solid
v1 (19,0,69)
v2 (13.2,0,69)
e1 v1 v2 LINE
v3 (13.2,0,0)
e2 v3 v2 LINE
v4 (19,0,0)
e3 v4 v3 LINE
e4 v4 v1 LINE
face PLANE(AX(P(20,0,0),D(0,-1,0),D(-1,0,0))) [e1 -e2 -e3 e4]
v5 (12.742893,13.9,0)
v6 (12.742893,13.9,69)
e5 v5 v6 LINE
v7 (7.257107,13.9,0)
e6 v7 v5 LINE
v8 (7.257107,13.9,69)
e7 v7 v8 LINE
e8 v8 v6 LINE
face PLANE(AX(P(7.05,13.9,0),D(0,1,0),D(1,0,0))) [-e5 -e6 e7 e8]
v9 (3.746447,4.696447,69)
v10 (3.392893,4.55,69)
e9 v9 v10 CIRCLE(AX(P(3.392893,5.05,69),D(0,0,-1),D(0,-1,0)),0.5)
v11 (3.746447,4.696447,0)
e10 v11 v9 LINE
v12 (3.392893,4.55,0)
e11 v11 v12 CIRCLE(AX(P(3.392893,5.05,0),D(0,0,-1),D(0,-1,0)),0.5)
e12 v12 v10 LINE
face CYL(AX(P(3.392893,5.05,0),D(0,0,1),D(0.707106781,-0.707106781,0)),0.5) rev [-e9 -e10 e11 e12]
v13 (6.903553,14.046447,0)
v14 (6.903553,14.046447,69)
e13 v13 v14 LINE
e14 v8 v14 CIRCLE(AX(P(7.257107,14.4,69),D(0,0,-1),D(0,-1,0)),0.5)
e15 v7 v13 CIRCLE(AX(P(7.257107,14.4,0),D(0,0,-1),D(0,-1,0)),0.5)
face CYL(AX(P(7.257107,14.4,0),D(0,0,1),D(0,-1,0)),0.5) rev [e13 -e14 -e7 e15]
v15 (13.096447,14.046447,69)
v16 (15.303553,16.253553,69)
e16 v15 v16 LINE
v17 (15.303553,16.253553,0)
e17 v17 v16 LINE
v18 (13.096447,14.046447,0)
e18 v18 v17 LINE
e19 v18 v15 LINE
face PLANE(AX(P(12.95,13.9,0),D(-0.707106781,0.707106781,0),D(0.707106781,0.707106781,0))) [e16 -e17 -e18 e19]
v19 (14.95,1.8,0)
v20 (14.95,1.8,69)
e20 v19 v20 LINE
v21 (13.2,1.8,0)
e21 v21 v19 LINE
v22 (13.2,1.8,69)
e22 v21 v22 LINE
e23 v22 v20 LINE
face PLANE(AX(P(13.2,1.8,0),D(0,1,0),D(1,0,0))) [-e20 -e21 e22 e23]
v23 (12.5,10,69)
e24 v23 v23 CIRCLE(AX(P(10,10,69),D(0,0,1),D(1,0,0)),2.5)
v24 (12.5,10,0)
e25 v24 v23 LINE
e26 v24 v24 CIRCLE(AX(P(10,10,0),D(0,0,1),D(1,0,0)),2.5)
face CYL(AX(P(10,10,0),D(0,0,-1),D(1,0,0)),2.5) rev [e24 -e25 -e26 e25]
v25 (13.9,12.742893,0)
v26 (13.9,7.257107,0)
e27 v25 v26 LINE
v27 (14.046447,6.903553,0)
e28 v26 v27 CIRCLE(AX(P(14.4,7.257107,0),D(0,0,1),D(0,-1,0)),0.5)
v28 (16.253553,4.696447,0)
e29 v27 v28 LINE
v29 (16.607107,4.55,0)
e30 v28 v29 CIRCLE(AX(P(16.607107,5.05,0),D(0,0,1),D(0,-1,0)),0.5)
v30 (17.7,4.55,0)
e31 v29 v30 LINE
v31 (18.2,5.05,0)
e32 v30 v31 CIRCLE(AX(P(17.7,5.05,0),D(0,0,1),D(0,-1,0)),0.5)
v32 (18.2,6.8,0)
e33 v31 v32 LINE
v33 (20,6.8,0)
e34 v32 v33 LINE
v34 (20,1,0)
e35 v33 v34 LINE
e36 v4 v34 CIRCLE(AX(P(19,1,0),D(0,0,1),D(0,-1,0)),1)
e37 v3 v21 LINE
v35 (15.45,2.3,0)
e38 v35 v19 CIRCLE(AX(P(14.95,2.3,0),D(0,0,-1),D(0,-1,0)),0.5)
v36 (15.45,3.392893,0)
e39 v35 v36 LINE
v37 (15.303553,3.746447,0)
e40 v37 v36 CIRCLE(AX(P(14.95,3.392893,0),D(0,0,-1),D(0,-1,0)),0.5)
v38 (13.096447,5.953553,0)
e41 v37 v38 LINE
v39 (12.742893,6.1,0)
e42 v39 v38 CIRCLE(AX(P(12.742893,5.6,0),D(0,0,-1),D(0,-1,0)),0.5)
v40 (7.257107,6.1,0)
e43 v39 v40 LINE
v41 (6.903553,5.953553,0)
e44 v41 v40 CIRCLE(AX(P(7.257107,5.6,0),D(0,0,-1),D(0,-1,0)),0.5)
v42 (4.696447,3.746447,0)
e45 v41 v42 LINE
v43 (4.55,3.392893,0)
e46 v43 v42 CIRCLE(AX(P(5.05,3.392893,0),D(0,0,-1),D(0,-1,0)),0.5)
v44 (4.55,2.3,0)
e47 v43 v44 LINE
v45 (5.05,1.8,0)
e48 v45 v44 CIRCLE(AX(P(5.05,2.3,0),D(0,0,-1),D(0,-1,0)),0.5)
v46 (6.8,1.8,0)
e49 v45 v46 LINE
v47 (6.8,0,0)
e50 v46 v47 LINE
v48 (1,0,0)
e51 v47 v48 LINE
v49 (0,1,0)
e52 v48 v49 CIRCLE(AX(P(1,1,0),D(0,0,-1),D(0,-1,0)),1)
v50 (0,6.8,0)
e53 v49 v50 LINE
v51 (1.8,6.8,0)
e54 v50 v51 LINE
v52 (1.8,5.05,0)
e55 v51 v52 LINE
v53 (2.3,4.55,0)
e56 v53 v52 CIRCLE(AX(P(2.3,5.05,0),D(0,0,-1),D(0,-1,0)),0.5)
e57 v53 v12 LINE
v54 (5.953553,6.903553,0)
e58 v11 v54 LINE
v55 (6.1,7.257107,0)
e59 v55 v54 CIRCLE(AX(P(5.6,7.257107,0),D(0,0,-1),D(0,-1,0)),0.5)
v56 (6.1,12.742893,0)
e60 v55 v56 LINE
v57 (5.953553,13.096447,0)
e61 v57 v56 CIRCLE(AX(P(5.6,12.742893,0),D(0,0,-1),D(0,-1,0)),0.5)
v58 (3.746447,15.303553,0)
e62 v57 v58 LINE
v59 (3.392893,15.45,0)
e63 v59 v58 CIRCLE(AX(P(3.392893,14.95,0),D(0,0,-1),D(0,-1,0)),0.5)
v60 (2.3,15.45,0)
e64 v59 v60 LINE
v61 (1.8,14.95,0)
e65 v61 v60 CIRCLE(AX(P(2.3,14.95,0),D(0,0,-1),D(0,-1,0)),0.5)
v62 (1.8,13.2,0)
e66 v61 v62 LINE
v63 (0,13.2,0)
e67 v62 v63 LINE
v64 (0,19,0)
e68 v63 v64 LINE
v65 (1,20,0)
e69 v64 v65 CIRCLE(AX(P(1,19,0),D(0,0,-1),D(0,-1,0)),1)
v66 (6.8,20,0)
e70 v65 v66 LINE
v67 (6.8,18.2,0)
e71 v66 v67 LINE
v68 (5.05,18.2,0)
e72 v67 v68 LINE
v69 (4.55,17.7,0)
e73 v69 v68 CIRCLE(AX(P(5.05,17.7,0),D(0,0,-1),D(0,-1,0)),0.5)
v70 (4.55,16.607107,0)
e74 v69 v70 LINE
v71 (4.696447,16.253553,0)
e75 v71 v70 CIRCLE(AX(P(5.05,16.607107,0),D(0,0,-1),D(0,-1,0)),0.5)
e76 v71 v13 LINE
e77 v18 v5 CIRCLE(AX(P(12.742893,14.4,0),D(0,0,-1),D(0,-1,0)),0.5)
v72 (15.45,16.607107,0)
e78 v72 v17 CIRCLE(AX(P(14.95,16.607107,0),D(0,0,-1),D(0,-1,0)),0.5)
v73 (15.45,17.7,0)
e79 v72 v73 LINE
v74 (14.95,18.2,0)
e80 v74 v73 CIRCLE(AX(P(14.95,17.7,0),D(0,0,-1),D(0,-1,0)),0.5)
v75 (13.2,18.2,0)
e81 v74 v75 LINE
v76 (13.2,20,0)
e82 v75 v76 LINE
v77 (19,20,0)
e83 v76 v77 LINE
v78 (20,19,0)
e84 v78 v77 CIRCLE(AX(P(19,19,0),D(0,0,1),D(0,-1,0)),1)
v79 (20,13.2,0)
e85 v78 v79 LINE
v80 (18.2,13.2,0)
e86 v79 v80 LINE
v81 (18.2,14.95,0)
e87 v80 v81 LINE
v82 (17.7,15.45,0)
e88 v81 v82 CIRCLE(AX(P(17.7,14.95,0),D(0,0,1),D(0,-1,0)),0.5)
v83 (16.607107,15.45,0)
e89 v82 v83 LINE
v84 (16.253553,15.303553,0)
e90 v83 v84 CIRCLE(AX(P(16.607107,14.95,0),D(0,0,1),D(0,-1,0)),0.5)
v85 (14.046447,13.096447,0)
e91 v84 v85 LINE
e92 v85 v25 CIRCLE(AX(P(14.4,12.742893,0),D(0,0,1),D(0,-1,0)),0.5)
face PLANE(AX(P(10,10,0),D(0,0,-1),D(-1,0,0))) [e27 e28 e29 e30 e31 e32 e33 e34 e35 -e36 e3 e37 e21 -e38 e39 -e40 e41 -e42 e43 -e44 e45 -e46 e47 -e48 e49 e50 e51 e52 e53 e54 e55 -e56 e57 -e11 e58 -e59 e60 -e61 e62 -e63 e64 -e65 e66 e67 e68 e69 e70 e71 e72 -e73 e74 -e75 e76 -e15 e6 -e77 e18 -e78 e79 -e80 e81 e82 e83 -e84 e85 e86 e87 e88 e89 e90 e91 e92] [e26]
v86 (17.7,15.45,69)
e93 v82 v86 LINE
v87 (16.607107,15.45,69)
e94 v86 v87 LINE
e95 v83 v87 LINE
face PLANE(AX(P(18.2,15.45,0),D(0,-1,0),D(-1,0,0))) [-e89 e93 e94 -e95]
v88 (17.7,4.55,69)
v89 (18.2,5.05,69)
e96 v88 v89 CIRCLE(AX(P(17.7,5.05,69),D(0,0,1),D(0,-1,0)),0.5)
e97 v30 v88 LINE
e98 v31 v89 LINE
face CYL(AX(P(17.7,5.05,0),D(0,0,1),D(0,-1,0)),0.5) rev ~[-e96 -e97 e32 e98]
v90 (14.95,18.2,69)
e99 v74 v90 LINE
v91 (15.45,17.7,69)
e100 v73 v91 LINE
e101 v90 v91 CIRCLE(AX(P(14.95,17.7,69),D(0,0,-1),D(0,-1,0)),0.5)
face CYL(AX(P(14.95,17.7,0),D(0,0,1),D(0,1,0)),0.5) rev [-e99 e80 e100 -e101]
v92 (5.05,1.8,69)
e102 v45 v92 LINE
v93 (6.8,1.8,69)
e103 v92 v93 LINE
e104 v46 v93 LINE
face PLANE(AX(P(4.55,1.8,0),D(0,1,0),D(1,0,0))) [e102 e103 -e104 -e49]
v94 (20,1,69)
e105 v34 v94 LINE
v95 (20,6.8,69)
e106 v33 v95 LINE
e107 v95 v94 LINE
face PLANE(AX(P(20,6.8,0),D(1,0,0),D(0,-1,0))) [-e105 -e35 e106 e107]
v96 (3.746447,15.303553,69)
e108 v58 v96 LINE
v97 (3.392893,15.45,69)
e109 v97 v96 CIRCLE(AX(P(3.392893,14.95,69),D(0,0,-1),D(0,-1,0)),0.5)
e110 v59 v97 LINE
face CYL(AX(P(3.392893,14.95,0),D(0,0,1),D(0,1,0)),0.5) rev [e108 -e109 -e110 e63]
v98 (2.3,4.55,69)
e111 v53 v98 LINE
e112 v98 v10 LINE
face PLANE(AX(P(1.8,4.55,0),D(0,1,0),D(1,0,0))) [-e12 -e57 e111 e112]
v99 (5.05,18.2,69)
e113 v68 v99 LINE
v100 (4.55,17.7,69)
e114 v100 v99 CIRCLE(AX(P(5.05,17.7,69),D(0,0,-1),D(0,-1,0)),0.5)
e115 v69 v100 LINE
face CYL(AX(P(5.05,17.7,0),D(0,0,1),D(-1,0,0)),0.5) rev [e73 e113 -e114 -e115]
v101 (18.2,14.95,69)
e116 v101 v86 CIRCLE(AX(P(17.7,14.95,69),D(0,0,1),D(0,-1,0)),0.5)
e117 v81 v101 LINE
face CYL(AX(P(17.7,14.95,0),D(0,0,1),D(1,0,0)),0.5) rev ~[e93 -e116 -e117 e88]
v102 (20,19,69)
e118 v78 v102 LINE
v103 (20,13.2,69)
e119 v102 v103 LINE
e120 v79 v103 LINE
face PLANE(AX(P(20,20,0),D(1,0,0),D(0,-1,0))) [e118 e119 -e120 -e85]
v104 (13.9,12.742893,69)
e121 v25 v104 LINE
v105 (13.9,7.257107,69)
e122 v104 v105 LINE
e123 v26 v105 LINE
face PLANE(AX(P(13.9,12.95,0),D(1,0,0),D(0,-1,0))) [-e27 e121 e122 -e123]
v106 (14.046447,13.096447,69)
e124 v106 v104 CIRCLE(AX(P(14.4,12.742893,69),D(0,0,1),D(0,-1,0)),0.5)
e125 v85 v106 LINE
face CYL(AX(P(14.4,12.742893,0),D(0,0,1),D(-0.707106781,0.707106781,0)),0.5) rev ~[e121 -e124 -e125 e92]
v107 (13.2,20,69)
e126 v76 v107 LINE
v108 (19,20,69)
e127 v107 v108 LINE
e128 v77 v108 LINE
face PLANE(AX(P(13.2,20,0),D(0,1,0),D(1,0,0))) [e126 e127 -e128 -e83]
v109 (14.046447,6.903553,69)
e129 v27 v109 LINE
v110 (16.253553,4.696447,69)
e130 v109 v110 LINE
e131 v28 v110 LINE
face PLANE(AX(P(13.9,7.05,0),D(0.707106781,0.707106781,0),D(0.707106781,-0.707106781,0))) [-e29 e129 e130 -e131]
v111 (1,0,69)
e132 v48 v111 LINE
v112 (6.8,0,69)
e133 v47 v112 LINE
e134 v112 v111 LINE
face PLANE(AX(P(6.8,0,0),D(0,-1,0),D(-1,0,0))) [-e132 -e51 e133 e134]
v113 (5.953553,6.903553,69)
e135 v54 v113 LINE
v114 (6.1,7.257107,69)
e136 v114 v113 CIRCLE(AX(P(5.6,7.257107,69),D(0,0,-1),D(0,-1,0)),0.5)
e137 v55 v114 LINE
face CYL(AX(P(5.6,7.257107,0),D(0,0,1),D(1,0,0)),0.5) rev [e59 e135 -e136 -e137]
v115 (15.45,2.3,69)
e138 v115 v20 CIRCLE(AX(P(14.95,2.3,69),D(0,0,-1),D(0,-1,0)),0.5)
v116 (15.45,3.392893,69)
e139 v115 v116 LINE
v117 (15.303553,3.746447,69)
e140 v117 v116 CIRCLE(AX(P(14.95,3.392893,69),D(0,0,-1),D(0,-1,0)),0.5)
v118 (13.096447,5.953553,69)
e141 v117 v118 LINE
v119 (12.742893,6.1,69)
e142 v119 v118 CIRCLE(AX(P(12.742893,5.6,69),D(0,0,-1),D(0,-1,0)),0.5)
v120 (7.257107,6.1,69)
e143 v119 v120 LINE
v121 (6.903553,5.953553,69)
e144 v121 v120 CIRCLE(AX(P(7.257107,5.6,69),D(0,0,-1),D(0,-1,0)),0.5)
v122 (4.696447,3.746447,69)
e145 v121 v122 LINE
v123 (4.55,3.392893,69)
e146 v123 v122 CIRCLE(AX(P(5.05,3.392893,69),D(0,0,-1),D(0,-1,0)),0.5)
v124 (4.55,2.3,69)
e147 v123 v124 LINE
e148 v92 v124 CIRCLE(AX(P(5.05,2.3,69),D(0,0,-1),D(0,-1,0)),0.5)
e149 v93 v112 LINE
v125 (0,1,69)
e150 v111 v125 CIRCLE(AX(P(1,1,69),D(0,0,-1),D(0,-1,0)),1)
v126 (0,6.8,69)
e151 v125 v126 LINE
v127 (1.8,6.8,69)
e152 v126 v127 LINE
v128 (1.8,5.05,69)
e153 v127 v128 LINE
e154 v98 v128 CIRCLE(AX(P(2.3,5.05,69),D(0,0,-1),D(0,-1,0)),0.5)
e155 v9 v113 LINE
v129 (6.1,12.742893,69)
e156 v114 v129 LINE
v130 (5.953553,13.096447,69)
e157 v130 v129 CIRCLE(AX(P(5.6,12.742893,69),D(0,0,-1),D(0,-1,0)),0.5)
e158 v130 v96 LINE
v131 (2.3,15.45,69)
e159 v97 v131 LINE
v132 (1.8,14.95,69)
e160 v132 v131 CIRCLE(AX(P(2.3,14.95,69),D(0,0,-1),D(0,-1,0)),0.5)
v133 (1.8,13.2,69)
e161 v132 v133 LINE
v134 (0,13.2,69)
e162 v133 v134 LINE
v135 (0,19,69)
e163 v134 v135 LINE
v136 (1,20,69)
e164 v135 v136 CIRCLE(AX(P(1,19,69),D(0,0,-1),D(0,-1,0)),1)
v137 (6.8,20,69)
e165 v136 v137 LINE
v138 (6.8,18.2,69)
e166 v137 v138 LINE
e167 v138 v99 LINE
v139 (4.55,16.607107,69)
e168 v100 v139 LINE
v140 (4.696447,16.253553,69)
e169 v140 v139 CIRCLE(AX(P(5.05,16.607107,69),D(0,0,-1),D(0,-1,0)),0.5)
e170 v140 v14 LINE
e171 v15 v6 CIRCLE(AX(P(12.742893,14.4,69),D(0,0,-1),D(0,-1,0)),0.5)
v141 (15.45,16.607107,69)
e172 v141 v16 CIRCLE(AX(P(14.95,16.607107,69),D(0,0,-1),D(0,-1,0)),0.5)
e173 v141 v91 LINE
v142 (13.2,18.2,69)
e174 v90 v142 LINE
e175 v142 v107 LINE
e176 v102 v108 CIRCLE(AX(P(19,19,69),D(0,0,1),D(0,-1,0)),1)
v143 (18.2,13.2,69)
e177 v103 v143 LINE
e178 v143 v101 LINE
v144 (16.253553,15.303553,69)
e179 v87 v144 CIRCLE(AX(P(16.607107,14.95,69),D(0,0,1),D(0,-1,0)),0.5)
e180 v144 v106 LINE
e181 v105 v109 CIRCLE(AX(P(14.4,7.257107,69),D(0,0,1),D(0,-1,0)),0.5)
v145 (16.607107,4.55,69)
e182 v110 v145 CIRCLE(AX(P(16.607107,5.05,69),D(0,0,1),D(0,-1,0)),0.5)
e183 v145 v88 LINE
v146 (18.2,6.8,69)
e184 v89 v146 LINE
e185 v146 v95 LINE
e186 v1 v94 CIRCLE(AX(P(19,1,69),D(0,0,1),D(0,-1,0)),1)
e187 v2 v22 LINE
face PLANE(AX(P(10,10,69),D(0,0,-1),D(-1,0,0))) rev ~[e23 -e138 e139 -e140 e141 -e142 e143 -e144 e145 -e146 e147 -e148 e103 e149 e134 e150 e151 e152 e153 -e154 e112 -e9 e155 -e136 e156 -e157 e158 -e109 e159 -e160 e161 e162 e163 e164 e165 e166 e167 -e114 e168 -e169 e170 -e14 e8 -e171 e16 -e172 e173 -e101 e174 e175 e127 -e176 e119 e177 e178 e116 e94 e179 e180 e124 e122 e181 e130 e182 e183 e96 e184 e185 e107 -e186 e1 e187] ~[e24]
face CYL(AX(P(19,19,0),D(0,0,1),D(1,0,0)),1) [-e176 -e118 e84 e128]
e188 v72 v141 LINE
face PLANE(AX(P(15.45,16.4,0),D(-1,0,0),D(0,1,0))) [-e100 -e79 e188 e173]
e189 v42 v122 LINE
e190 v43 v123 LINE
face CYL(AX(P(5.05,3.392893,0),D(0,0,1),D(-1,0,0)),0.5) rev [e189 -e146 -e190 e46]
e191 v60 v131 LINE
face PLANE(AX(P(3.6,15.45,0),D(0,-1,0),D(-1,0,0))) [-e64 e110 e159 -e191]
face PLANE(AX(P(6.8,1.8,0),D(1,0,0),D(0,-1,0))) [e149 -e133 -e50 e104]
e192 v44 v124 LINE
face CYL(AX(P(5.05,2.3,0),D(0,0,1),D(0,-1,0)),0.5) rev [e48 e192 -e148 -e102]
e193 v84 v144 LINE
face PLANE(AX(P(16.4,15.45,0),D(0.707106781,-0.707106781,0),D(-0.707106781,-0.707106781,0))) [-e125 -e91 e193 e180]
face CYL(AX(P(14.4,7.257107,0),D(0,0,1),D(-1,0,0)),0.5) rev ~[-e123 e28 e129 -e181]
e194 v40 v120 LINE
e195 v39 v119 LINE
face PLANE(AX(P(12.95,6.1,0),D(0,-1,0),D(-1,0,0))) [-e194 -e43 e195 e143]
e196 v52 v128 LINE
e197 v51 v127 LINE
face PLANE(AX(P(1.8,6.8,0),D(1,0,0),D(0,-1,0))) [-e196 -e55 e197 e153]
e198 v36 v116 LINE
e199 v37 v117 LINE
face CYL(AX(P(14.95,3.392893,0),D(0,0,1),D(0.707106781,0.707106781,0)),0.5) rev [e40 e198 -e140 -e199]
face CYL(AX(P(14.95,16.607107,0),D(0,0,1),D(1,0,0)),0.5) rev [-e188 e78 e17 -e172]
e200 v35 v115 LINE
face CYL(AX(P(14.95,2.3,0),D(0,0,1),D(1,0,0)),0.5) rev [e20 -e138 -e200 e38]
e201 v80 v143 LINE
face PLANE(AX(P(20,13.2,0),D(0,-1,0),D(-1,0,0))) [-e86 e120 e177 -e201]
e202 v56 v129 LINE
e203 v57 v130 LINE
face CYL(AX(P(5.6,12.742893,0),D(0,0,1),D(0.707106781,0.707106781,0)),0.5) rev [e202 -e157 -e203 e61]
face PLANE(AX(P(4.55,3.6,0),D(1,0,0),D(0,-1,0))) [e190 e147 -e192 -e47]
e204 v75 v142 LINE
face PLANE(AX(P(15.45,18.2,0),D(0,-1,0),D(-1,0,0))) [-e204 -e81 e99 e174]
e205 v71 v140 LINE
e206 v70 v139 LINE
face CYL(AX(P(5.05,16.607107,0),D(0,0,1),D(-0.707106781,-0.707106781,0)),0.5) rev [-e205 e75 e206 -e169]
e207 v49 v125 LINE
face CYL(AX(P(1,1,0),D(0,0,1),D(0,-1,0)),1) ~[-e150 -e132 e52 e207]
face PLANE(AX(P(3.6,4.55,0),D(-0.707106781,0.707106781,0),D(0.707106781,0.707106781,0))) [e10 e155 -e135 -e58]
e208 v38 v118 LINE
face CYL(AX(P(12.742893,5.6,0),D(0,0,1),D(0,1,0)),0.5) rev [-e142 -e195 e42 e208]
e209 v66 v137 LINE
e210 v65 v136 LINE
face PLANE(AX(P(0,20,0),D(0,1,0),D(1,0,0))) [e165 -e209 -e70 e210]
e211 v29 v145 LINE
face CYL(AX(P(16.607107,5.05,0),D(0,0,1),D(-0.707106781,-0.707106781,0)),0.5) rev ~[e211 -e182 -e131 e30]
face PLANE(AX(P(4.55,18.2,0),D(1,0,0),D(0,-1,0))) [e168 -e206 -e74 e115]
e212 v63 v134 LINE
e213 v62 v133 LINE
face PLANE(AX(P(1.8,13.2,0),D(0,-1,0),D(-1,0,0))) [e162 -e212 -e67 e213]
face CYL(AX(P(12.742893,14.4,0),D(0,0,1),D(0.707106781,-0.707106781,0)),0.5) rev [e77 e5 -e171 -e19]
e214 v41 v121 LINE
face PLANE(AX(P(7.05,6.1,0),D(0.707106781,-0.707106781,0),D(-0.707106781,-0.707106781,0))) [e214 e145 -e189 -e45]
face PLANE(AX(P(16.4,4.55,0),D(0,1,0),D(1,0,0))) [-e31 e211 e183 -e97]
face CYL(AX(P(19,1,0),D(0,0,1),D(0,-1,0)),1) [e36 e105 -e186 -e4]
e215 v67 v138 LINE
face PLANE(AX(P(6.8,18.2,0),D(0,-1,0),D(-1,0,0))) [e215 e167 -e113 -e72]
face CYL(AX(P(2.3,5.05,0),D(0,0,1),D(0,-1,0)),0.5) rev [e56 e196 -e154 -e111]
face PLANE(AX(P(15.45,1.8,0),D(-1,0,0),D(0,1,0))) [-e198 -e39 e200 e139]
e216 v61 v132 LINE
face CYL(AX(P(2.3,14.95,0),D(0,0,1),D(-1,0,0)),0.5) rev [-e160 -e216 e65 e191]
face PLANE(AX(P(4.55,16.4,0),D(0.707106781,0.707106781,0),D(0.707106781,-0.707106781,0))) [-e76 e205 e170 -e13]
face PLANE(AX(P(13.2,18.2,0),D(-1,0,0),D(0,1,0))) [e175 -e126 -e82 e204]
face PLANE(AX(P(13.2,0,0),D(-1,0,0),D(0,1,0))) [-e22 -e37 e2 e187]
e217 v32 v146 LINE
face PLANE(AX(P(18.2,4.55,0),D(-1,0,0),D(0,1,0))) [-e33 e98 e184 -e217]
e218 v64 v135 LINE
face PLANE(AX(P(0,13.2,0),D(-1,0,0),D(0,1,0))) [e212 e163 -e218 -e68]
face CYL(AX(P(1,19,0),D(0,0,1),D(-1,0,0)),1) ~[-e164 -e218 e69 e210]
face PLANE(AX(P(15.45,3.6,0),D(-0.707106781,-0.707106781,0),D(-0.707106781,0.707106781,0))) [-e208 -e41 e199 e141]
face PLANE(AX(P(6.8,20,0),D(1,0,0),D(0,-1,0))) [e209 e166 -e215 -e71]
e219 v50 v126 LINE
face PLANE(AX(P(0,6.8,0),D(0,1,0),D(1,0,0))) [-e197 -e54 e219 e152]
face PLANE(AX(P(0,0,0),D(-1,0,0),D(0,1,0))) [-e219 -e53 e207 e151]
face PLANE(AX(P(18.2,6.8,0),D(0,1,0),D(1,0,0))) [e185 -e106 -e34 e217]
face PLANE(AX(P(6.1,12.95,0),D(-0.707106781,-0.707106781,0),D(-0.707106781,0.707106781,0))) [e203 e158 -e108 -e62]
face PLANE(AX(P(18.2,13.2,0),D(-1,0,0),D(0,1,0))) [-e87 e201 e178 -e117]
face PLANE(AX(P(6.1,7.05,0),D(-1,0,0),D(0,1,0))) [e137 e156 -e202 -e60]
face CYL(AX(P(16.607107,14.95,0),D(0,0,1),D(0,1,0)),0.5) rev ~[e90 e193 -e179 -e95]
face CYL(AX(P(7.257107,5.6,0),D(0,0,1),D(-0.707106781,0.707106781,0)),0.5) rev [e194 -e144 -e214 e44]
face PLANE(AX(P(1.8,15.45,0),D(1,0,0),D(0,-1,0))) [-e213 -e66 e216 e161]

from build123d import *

# Parameters (mm, degrees)
SKETCH1_R           = 2.5
BOSS_EXTRUDE1_DEPTH = 69
FILLET1_R           = 1
FILLET2_R           = 0.5
FILLET3_R           = 0.5
FILLET4_R           = 0.5
FILLET5_R           = 0.5


with BuildPart() as part:
    # Sketch1 → Boss-Extrude1 (new body)
    with BuildSketch(Plane.XY):
        Polygon((13.2, 0), (13.2, 1.8), (15.45, 1.8), (15.45, 3.6), (12.95, 6.1), (7.05, 6.1), (4.55, 3.6), (4.55, 1.8), (6.8, 1.8), (6.8, 0), (0, 0), (0, 6.8), (1.8, 6.8), (1.8, 4.55), (3.6, 4.55), (6.1, 7.05), (6.1, 12.95), (3.6, 15.45), (1.8, 15.45), (1.8, 13.2), (0, 13.2), (0, 20), (6.8, 20), (6.8, 18.2), (4.55, 18.2), (4.55, 16.4), (7.05, 13.9), (12.95, 13.9), (15.45, 16.4), (15.45, 18.2), (13.2, 18.2), (13.2, 20), (20, 20), (20, 13.2), (18.2, 13.2), (18.2, 15.45), (16.4, 15.45), (13.9, 12.95), (13.9, 7.05), (16.4, 4.55), (18.2, 4.55), (18.2, 6.8), (20, 6.8), (20, 0), align=None)
        with Locations((10, 10)):
            Circle(SKETCH1_R, mode=Mode.SUBTRACT)
    extrude(amount=BOSS_EXTRUDE1_DEPTH)

    # Fillet1
    fillet1_edges = [part.edges().sort_by_distance(p)[0] for p in [
        (0, 0, 34.5),
        (0, 20, 34.5),
        (20, 20, 34.5),
        (20, 0, 34.5),
    ]]
    fillet(fillet1_edges, radius=FILLET1_R)

    # Fillet2
    fillet2_edges = [part.edges().sort_by_distance(p)[0] for p in [
        (4.55, 18.2, 34.5),
        (4.55, 16.4, 34.5),
        (7.05, 13.9, 34.5),
        (12.95, 13.9, 34.5),
        (15.45, 16.4, 34.5),
        (15.45, 18.2, 34.5),
    ]]
    fillet(fillet2_edges, radius=FILLET2_R)

    # Fillet3
    fillet3_edges = [part.edges().sort_by_distance(p)[0] for p in [
        (18.2, 15.45, 34.5),
        (16.4, 15.45, 34.5),
        (13.9, 12.95, 34.5),
        (13.9, 7.05, 34.5),
        (16.4, 4.55, 34.5),
        (18.2, 4.55, 34.5),
    ]]
    fillet(fillet3_edges, radius=FILLET3_R)

    # Fillet4
    fillet4_edges = [part.edges().sort_by_distance(p)[0] for p in [
        (1.8, 4.55, 34.5),
        (3.6, 4.55, 34.5),
        (6.1, 7.05, 34.5),
        (6.1, 12.95, 34.5),
        (3.6, 15.45, 34.5),
        (1.8, 15.45, 34.5),
    ]]
    fillet(fillet4_edges, radius=FILLET4_R)

    # Fillet5
    fillet5_edges = [part.edges().sort_by_distance(p)[0] for p in [
        (15.45, 1.8, 34.5),
        (15.45, 3.6, 34.5),
        (12.95, 6.1, 34.5),
        (7.05, 6.1, 34.5),
        (4.55, 3.6, 34.5),
        (4.55, 1.8, 34.5),
    ]]
    fillet(fillet5_edges, radius=FILLET5_R)


solid = part.part
